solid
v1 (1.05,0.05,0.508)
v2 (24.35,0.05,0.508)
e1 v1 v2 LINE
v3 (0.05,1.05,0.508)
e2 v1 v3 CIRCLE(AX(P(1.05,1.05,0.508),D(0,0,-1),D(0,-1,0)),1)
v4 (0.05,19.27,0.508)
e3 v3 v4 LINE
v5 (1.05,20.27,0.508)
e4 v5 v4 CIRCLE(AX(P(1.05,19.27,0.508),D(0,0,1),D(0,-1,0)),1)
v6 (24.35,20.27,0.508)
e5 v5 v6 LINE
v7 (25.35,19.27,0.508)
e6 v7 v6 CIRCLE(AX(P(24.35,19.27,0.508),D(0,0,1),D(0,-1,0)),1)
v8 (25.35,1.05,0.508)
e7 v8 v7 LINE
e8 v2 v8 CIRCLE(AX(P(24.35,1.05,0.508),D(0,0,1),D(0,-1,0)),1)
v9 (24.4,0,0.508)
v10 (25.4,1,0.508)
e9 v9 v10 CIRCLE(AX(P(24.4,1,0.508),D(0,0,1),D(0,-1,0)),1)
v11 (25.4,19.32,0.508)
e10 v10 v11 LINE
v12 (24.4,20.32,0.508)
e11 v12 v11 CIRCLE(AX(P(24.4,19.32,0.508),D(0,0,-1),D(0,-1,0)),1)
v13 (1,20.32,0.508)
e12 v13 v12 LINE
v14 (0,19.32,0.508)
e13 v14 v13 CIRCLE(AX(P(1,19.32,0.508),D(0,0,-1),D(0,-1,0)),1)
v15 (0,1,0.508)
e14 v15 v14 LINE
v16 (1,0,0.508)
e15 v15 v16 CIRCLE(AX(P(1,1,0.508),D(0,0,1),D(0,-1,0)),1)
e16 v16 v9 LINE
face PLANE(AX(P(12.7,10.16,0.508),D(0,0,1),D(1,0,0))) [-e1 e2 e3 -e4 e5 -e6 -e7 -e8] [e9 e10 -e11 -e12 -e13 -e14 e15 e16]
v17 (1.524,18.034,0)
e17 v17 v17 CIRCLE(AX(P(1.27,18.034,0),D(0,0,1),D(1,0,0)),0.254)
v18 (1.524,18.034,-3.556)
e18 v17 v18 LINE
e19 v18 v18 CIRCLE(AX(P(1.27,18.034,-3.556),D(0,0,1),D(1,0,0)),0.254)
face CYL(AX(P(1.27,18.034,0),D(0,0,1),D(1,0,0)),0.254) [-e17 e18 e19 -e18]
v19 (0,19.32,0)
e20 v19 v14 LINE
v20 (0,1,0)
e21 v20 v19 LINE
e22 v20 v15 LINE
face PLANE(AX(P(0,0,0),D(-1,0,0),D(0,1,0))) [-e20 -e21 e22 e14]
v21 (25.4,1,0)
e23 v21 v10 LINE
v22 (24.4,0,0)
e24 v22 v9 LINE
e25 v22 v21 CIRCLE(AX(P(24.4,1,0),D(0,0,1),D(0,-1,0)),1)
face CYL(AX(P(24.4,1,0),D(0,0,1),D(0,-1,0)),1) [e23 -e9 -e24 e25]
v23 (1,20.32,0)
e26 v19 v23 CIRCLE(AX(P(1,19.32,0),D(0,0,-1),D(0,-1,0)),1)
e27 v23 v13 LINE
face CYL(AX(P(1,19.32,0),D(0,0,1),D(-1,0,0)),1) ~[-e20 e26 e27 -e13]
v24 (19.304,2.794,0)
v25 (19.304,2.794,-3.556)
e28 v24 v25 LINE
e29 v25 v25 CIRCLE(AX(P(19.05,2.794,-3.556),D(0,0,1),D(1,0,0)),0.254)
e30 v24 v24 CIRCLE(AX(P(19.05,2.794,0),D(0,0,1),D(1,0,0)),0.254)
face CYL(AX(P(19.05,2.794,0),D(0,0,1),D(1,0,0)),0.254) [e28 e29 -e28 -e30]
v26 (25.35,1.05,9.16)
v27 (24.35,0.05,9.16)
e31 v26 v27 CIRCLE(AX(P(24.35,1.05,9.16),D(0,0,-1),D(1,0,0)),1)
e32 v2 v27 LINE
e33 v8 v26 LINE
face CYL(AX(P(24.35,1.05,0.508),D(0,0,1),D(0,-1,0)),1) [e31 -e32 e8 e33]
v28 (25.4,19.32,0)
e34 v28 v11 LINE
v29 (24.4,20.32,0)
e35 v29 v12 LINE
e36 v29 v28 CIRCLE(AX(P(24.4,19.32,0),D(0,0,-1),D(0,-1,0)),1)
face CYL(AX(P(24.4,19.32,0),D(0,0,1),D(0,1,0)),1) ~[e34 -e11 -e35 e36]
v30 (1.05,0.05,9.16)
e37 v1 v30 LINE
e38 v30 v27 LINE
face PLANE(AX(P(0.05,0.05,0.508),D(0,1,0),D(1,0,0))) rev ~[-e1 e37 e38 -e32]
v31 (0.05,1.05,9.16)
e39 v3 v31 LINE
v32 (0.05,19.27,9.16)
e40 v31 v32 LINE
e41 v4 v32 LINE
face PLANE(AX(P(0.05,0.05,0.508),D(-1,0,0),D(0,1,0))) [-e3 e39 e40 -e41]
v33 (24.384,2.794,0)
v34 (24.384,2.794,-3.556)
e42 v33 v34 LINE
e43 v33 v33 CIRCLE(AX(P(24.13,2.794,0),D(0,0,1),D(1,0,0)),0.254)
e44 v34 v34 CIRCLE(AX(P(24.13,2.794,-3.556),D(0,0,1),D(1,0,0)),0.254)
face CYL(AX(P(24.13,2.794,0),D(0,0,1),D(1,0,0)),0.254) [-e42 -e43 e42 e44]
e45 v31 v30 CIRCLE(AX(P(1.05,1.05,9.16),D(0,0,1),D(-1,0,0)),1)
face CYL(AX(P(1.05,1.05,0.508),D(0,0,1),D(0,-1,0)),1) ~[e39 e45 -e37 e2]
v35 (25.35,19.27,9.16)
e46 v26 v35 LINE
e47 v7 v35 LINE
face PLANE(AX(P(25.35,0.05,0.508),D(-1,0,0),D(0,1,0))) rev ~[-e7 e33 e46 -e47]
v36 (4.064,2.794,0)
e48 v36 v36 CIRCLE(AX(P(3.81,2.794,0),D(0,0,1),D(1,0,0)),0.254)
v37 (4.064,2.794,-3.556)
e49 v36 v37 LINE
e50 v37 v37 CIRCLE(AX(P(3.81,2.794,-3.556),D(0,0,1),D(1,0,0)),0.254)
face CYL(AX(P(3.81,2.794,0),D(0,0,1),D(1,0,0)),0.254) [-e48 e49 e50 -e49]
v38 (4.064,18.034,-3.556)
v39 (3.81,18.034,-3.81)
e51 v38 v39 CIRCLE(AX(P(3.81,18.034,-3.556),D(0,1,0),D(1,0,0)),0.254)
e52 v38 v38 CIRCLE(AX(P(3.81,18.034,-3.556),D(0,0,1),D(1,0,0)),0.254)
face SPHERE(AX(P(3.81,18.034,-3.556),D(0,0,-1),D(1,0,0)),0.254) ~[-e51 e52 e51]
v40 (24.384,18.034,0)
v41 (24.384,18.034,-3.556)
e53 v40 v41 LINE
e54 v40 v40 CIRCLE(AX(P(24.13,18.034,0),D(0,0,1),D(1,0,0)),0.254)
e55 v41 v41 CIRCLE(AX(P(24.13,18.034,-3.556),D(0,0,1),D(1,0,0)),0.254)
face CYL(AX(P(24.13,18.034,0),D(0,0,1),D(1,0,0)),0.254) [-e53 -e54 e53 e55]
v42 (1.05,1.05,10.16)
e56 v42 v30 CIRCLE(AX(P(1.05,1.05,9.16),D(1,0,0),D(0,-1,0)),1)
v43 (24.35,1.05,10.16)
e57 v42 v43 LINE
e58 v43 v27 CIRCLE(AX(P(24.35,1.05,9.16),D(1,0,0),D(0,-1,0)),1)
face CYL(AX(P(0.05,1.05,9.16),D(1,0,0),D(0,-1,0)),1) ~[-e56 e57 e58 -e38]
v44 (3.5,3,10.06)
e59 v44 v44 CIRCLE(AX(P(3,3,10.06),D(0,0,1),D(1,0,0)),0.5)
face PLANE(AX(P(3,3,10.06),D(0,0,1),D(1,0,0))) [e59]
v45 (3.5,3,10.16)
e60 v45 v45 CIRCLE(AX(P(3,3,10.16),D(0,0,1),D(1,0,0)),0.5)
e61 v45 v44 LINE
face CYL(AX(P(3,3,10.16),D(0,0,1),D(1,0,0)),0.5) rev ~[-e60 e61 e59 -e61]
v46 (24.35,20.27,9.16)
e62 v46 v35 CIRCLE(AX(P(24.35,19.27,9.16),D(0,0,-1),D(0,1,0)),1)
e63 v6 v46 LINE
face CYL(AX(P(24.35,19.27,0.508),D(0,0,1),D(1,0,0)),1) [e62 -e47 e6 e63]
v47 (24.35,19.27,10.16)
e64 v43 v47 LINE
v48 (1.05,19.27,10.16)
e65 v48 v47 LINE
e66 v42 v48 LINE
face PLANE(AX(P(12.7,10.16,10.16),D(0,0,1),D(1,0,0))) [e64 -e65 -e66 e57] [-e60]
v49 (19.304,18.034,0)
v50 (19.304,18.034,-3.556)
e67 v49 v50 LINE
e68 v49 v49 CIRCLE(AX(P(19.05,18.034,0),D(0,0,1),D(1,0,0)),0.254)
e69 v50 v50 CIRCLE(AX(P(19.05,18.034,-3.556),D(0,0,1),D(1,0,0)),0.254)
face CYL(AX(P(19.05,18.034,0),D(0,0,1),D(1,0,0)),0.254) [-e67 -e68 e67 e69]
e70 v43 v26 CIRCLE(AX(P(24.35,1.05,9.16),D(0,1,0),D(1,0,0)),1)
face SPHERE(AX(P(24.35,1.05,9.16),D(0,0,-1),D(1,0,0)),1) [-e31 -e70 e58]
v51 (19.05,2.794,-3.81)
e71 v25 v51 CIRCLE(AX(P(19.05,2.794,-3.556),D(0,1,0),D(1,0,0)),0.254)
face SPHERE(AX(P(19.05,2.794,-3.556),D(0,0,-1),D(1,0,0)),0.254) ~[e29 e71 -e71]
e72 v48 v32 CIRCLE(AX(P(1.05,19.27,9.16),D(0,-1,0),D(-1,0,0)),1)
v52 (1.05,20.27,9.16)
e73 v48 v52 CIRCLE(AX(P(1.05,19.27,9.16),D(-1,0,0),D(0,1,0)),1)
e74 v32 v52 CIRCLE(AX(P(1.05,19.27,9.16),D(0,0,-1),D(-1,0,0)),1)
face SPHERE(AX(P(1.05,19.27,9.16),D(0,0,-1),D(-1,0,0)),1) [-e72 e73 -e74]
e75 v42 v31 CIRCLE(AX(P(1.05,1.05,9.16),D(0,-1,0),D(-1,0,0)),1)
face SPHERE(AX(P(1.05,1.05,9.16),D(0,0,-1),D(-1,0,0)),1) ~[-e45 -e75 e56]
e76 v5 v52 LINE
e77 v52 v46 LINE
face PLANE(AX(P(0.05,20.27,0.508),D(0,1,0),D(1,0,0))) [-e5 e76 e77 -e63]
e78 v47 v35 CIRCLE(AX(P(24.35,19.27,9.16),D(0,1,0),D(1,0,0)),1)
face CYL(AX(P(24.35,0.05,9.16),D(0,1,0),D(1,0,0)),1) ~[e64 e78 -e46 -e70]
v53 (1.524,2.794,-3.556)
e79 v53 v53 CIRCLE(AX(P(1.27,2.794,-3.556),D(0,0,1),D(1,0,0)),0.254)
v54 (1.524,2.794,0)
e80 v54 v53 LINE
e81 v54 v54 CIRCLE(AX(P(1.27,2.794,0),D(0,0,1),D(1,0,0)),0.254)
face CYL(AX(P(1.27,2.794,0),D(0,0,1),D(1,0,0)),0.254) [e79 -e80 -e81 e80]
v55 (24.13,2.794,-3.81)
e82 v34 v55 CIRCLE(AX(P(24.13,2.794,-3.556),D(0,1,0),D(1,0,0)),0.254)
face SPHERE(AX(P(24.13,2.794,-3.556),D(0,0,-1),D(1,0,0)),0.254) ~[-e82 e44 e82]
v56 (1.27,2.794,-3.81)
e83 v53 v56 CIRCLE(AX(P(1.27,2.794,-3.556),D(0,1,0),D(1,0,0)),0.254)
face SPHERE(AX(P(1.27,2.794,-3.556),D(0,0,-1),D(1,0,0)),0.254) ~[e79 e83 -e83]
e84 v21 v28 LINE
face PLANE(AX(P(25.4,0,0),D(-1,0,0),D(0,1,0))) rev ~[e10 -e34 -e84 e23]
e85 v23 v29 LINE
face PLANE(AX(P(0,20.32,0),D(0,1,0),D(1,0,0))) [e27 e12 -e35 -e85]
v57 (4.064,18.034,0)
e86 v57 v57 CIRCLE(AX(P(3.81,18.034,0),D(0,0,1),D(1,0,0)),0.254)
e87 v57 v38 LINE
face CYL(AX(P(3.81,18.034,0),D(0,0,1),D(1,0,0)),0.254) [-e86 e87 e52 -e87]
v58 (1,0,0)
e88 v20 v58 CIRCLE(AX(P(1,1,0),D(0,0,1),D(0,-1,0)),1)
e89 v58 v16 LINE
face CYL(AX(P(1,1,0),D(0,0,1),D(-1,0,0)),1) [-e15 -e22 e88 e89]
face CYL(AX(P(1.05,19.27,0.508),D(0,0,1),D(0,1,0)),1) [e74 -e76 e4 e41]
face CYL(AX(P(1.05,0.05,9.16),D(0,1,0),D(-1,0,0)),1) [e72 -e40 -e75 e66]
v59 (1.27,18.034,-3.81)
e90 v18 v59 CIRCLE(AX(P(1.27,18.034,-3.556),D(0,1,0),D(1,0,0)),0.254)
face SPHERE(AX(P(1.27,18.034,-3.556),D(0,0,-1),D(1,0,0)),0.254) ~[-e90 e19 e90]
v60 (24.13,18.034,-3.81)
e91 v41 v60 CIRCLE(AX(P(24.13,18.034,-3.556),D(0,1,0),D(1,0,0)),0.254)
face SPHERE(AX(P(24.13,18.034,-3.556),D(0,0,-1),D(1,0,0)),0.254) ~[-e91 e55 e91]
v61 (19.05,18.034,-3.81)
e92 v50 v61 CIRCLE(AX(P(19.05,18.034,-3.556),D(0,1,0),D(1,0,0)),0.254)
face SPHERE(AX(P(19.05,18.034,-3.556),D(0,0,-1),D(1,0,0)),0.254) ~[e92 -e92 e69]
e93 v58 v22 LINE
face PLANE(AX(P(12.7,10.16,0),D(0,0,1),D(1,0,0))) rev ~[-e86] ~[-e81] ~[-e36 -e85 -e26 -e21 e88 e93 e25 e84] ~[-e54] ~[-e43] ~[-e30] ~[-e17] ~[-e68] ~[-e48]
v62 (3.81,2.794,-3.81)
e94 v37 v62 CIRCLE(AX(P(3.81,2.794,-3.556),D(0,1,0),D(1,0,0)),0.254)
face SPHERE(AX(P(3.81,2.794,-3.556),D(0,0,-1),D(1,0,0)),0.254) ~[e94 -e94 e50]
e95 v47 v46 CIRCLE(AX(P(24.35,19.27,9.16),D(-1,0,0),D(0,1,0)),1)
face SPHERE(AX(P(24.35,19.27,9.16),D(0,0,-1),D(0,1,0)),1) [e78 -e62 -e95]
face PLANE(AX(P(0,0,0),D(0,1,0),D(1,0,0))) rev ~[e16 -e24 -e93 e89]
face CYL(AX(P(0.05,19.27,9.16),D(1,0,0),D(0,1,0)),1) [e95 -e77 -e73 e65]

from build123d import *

# Parameters (mm, degrees)
F0_W     = 25.4
F0_H     = 20.32
F1_DEPTH = 0.508
F2_W     = 25.3
F2_H     = 20.22
F3_DEPTH = 9.652
F4_R     = 0.5
F5_DEPTH = 0.1
F6_R     = 1
F7_R     = 0.254
F8_DEPTH = 3.81
F9_R     = 0.254


with BuildPart() as f1:
    # F0 (on Top) → F1 (new body)
    with BuildSketch(Plane.XY):
        with Locations((12.7, 10.16)):
            Rectangle(F0_W, F0_H)
    extrude(amount=F1_DEPTH)

    # F2 (on face) → F3 (join)
    with BuildSketch(Plane.XY.offset(0.508)):
        with Locations((12.7, 10.16)):
            Rectangle(F2_W, F2_H)
    extrude(amount=F3_DEPTH)

    # F4 (on face) → F5 (cut)
    with BuildSketch(Plane.XY.offset(10.16)):
        with Locations((3, 3)):
            Circle(F4_R)
    extrude(amount=-F5_DEPTH, mode=Mode.SUBTRACT)

    # F6
    f6_edges = [f1.edges().sort_by_distance(p)[0] for p in [
        (25.35, 0.05, 5.334),
        (25.35, 20.27, 5.334),
        (0.05, 0.05, 5.334),
        (0.05, 20.27, 5.334),
        (25.4, 0, 0.254),
        (25.4, 20.32, 0.254),
        (0, 0, 0.254),
        (0, 20.32, 0.254),
        (0.05, 10.16, 10.16),
        (12.7, 20.27, 10.16),
        (25.35, 10.16, 10.16),
        (12.7, 0.05, 10.16),
    ]]
    fillet(f6_edges, radius=F6_R)

    # F7 (on Top) → F8 (join)
    with BuildSketch(Plane.XY):
        with Locations((1.27, 2.794)):
            Circle(F7_R)
        with Locations((3.81, 2.794)):
            Circle(F7_R)
        with Locations((1.27, 18.034)):
            Circle(F7_R)
        with Locations((3.81, 18.034)):
            Circle(F7_R)
        with Locations((19.05, 18.034)):
            Circle(F7_R)
        with Locations((24.13, 18.034)):
            Circle(F7_R)
        with Locations((19.05, 2.794)):
            Circle(F7_R)
        with Locations((24.13, 2.794)):
            Circle(F7_R)
    extrude(amount=-F8_DEPTH)

    # F9
    f9_edges = [f1.edges().sort_by_distance(p)[0] for p in [
        (1.016, 2.794, -3.81),
        (3.556, 2.794, -3.81),
        (23.876, 2.794, -3.81),
        (18.796, 2.794, -3.81),
        (23.876, 18.034, -3.81),
        (18.796, 18.034, -3.81),
        (3.556, 18.034, -3.81),
        (1.016, 18.034, -3.81),
    ]]
    fillet(f9_edges, radius=F9_R)


solid = f1.part
